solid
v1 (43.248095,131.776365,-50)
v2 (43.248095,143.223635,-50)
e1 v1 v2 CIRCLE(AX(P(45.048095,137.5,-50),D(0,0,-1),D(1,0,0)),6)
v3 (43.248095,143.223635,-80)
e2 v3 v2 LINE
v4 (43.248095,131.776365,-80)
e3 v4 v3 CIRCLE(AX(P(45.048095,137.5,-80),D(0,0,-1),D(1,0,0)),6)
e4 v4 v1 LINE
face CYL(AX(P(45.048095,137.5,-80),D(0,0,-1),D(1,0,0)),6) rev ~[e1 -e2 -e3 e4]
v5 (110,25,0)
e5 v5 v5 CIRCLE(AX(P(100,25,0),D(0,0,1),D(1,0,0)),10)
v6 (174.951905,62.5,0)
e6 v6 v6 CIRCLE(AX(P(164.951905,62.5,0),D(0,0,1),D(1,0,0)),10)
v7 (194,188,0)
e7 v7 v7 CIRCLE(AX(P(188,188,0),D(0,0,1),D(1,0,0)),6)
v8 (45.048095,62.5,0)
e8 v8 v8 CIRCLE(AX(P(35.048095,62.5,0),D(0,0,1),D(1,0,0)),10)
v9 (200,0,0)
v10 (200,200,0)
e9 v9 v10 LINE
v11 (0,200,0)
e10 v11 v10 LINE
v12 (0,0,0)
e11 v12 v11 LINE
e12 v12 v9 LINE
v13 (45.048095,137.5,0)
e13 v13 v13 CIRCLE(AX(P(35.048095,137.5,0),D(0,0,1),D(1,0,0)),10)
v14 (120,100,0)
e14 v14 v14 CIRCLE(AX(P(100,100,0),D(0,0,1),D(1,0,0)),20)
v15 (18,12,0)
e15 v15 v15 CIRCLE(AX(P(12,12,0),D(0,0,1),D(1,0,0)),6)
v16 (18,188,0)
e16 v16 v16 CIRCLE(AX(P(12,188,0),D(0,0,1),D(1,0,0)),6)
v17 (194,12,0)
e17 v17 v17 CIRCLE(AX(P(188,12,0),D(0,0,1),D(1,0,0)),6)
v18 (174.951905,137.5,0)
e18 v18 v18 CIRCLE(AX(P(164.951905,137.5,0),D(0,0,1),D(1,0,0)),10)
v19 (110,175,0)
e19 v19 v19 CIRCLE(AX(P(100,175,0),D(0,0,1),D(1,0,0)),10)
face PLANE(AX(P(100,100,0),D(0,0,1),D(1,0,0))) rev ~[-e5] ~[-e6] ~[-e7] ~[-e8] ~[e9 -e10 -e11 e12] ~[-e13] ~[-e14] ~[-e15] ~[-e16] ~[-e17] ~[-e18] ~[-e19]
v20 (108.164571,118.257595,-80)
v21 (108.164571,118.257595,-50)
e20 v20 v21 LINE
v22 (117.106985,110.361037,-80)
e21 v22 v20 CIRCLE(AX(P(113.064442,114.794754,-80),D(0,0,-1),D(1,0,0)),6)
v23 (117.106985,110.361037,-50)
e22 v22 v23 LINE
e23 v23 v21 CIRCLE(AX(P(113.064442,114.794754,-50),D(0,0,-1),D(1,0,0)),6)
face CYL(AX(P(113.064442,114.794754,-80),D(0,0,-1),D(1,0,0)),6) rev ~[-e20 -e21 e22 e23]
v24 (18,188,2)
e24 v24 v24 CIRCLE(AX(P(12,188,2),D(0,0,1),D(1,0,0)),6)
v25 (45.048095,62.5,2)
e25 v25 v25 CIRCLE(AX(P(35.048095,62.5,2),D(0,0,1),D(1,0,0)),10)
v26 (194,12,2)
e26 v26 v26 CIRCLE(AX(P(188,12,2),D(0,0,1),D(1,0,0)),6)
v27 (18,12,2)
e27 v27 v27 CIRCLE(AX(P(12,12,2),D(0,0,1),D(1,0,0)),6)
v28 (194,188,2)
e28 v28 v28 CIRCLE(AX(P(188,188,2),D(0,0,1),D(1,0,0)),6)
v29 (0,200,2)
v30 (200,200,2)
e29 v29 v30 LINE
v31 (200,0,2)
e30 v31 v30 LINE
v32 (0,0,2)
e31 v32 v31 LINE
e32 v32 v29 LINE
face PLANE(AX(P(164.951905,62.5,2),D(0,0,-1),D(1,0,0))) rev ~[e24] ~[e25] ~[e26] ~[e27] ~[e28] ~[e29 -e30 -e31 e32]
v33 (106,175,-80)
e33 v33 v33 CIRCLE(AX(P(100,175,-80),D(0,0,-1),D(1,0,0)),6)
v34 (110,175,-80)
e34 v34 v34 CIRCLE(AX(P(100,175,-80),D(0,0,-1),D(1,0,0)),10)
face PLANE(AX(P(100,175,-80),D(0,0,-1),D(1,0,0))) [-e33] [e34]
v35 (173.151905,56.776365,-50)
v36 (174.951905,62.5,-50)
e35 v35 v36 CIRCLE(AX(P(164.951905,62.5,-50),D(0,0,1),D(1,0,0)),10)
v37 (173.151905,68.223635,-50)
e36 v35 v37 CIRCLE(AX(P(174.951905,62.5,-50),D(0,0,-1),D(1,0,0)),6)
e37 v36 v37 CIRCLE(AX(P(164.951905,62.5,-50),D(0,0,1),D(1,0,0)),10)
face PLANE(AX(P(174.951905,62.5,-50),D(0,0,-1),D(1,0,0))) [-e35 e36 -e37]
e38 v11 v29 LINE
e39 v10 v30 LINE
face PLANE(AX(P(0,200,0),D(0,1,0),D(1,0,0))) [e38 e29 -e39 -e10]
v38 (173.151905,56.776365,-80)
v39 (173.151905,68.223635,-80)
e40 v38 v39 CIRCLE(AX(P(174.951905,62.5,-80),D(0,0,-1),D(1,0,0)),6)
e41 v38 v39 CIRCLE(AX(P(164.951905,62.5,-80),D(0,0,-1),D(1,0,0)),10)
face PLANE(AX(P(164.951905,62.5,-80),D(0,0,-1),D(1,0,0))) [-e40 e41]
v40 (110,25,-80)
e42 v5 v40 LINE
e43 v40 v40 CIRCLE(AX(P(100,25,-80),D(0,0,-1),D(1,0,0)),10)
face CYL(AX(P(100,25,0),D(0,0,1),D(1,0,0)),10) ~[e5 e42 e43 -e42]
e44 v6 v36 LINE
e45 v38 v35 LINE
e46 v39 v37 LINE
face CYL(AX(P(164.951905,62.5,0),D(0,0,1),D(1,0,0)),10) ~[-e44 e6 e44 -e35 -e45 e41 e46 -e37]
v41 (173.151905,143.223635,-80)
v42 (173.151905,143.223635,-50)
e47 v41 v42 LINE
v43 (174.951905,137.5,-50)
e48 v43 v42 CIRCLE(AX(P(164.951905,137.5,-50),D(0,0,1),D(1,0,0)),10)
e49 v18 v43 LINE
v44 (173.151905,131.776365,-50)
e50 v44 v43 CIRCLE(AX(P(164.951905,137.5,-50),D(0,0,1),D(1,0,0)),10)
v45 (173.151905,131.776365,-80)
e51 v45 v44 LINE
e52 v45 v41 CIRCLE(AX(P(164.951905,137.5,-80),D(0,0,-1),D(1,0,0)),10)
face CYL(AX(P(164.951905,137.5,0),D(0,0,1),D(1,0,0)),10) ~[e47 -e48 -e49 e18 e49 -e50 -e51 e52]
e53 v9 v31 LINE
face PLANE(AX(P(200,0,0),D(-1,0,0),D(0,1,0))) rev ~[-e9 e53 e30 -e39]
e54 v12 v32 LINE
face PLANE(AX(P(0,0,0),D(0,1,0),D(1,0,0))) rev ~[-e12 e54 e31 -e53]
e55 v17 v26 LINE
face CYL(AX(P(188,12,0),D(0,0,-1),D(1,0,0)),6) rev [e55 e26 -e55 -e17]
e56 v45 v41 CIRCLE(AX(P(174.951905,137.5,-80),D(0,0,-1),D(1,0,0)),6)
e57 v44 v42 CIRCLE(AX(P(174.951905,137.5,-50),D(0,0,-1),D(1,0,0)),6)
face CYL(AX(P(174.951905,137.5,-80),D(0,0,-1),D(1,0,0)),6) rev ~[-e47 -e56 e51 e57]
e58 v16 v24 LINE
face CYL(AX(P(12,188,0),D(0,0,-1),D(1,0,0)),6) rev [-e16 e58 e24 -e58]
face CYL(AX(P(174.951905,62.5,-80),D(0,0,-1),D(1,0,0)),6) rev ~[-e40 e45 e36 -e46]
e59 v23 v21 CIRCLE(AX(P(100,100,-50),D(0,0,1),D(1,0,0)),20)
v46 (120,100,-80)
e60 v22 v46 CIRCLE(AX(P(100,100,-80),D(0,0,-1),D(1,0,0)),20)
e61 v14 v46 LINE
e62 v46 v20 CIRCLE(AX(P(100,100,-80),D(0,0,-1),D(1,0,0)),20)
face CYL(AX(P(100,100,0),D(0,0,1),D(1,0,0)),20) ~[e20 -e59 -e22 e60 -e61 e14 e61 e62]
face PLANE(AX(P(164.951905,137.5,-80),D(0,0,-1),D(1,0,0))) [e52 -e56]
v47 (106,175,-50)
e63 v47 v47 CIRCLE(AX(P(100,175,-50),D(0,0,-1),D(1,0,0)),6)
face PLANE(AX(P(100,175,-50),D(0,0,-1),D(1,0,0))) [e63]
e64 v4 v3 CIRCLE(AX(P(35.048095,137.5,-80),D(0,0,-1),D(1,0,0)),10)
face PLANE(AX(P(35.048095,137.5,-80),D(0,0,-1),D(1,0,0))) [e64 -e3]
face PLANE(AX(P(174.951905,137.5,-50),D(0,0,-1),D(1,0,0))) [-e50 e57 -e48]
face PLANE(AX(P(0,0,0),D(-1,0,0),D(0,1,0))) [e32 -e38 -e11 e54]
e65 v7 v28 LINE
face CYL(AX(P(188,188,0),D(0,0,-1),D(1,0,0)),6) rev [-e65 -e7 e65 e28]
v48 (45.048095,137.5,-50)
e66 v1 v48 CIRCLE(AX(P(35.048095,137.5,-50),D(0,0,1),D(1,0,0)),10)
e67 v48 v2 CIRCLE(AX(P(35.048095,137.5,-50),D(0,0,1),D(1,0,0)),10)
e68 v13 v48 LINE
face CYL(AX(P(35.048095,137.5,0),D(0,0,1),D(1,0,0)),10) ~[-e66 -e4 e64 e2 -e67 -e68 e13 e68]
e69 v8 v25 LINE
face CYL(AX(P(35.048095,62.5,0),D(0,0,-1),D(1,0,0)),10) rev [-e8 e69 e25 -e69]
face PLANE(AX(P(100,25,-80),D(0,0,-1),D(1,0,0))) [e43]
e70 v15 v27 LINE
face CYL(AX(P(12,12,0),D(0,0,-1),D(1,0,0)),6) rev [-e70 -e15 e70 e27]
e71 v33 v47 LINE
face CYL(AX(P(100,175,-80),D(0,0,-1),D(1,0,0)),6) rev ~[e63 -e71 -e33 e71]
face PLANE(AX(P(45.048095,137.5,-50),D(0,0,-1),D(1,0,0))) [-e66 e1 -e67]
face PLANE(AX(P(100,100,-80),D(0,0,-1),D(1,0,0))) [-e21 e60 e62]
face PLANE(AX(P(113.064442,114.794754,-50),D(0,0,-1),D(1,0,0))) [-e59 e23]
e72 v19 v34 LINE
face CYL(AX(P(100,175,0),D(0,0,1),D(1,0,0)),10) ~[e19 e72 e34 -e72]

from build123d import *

# Parameters (mm, degrees)
SKETCH001_W       = 200
SKETCH001_H       = 200
SKETCH001_R       = 6
SKETCH001_R_2     = 10
SKETCH001_R_3     = 20
PAD_DEPTH         = 2
SKETCH_R          = 10
SKETCH_R_2        = 20
PAD001_DEPTH      = 80
PAD001_DEPTH_BACK = 2
SKETCH002_R       = 6
POCKET_DEPTH      = 30


with BuildPart() as part:
    # Sketch001 → Pad (new body)
    with BuildSketch(Plane.XY):
        with Locations((100, 100)):
            Rectangle(SKETCH001_W, SKETCH001_H)
        with Locations((12, 12)):
            Circle(SKETCH001_R, mode=Mode.SUBTRACT)
        with Locations((12, 188)):
            Circle(SKETCH001_R, mode=Mode.SUBTRACT)
        with Locations((188, 188)):
            Circle(SKETCH001_R, mode=Mode.SUBTRACT)
        with Locations((188, 12)):
            Circle(SKETCH001_R, mode=Mode.SUBTRACT)
        with Locations((100, 175)):
            Circle(SKETCH001_R_2, mode=Mode.SUBTRACT)
        with Locations((35.048095, 137.5)):
            Circle(SKETCH001_R_2, mode=Mode.SUBTRACT)
        with Locations((35.048095, 62.5)):
            Circle(SKETCH001_R_2, mode=Mode.SUBTRACT)
        with Locations((100, 25)):
            Circle(SKETCH001_R_2, mode=Mode.SUBTRACT)
        with Locations((164.951905, 62.5)):
            Circle(SKETCH001_R_2, mode=Mode.SUBTRACT)
        with Locations((164.951905, 137.5)):
            Circle(SKETCH001_R_2, mode=Mode.SUBTRACT)
        with Locations((100, 100)):
            Circle(SKETCH001_R_3, mode=Mode.SUBTRACT)
    extrude(amount=PAD_DEPTH)

    # Sketch (on Face16 of Pad) → Pad001 (new body, two sides)
    with BuildSketch(Plane(origin=(0, 0, 0), x_dir=(1, 0, 0), z_dir=(0, 0, -1))) as pad001_sk:
        with Locations((164.951905, -62.5)):
            Circle(SKETCH_R)
        with Locations((100, -175)):
            Circle(SKETCH_R)
        with Locations((100, -25)):
            Circle(SKETCH_R)
        with Locations((35.048095, -137.5)):
            Circle(SKETCH_R)
        with Locations((164.951905, -137.5)):
            Circle(SKETCH_R)
        with Locations((100, -100)):
            Circle(SKETCH_R_2)
    extrude(amount=PAD001_DEPTH)
    extrude(pad001_sk.sketch, amount=-PAD001_DEPTH_BACK)

    # Sketch002 (on Face24 of Pad001) → Pocket (cut)
    with BuildSketch(Plane(origin=(0, 0, -80), x_dir=(1, 0, 0), z_dir=(0, 0, -1))):
        with Locations((113.064442, -114.794754)):
            Circle(SKETCH002_R)
        with Locations((35.048095, -62.5)):
            Circle(SKETCH002_R)
        with Locations((100, -175)):
            Circle(SKETCH002_R)
        with Locations((45.048095, -137.5)):
            Circle(SKETCH002_R)
        with Locations((174.951905, -62.5)):
            Circle(SKETCH002_R)
        with Locations((174.951905, -137.5)):
            Circle(SKETCH002_R)
    extrude(amount=-POCKET_DEPTH, mode=Mode.SUBTRACT)


solid = part.part
